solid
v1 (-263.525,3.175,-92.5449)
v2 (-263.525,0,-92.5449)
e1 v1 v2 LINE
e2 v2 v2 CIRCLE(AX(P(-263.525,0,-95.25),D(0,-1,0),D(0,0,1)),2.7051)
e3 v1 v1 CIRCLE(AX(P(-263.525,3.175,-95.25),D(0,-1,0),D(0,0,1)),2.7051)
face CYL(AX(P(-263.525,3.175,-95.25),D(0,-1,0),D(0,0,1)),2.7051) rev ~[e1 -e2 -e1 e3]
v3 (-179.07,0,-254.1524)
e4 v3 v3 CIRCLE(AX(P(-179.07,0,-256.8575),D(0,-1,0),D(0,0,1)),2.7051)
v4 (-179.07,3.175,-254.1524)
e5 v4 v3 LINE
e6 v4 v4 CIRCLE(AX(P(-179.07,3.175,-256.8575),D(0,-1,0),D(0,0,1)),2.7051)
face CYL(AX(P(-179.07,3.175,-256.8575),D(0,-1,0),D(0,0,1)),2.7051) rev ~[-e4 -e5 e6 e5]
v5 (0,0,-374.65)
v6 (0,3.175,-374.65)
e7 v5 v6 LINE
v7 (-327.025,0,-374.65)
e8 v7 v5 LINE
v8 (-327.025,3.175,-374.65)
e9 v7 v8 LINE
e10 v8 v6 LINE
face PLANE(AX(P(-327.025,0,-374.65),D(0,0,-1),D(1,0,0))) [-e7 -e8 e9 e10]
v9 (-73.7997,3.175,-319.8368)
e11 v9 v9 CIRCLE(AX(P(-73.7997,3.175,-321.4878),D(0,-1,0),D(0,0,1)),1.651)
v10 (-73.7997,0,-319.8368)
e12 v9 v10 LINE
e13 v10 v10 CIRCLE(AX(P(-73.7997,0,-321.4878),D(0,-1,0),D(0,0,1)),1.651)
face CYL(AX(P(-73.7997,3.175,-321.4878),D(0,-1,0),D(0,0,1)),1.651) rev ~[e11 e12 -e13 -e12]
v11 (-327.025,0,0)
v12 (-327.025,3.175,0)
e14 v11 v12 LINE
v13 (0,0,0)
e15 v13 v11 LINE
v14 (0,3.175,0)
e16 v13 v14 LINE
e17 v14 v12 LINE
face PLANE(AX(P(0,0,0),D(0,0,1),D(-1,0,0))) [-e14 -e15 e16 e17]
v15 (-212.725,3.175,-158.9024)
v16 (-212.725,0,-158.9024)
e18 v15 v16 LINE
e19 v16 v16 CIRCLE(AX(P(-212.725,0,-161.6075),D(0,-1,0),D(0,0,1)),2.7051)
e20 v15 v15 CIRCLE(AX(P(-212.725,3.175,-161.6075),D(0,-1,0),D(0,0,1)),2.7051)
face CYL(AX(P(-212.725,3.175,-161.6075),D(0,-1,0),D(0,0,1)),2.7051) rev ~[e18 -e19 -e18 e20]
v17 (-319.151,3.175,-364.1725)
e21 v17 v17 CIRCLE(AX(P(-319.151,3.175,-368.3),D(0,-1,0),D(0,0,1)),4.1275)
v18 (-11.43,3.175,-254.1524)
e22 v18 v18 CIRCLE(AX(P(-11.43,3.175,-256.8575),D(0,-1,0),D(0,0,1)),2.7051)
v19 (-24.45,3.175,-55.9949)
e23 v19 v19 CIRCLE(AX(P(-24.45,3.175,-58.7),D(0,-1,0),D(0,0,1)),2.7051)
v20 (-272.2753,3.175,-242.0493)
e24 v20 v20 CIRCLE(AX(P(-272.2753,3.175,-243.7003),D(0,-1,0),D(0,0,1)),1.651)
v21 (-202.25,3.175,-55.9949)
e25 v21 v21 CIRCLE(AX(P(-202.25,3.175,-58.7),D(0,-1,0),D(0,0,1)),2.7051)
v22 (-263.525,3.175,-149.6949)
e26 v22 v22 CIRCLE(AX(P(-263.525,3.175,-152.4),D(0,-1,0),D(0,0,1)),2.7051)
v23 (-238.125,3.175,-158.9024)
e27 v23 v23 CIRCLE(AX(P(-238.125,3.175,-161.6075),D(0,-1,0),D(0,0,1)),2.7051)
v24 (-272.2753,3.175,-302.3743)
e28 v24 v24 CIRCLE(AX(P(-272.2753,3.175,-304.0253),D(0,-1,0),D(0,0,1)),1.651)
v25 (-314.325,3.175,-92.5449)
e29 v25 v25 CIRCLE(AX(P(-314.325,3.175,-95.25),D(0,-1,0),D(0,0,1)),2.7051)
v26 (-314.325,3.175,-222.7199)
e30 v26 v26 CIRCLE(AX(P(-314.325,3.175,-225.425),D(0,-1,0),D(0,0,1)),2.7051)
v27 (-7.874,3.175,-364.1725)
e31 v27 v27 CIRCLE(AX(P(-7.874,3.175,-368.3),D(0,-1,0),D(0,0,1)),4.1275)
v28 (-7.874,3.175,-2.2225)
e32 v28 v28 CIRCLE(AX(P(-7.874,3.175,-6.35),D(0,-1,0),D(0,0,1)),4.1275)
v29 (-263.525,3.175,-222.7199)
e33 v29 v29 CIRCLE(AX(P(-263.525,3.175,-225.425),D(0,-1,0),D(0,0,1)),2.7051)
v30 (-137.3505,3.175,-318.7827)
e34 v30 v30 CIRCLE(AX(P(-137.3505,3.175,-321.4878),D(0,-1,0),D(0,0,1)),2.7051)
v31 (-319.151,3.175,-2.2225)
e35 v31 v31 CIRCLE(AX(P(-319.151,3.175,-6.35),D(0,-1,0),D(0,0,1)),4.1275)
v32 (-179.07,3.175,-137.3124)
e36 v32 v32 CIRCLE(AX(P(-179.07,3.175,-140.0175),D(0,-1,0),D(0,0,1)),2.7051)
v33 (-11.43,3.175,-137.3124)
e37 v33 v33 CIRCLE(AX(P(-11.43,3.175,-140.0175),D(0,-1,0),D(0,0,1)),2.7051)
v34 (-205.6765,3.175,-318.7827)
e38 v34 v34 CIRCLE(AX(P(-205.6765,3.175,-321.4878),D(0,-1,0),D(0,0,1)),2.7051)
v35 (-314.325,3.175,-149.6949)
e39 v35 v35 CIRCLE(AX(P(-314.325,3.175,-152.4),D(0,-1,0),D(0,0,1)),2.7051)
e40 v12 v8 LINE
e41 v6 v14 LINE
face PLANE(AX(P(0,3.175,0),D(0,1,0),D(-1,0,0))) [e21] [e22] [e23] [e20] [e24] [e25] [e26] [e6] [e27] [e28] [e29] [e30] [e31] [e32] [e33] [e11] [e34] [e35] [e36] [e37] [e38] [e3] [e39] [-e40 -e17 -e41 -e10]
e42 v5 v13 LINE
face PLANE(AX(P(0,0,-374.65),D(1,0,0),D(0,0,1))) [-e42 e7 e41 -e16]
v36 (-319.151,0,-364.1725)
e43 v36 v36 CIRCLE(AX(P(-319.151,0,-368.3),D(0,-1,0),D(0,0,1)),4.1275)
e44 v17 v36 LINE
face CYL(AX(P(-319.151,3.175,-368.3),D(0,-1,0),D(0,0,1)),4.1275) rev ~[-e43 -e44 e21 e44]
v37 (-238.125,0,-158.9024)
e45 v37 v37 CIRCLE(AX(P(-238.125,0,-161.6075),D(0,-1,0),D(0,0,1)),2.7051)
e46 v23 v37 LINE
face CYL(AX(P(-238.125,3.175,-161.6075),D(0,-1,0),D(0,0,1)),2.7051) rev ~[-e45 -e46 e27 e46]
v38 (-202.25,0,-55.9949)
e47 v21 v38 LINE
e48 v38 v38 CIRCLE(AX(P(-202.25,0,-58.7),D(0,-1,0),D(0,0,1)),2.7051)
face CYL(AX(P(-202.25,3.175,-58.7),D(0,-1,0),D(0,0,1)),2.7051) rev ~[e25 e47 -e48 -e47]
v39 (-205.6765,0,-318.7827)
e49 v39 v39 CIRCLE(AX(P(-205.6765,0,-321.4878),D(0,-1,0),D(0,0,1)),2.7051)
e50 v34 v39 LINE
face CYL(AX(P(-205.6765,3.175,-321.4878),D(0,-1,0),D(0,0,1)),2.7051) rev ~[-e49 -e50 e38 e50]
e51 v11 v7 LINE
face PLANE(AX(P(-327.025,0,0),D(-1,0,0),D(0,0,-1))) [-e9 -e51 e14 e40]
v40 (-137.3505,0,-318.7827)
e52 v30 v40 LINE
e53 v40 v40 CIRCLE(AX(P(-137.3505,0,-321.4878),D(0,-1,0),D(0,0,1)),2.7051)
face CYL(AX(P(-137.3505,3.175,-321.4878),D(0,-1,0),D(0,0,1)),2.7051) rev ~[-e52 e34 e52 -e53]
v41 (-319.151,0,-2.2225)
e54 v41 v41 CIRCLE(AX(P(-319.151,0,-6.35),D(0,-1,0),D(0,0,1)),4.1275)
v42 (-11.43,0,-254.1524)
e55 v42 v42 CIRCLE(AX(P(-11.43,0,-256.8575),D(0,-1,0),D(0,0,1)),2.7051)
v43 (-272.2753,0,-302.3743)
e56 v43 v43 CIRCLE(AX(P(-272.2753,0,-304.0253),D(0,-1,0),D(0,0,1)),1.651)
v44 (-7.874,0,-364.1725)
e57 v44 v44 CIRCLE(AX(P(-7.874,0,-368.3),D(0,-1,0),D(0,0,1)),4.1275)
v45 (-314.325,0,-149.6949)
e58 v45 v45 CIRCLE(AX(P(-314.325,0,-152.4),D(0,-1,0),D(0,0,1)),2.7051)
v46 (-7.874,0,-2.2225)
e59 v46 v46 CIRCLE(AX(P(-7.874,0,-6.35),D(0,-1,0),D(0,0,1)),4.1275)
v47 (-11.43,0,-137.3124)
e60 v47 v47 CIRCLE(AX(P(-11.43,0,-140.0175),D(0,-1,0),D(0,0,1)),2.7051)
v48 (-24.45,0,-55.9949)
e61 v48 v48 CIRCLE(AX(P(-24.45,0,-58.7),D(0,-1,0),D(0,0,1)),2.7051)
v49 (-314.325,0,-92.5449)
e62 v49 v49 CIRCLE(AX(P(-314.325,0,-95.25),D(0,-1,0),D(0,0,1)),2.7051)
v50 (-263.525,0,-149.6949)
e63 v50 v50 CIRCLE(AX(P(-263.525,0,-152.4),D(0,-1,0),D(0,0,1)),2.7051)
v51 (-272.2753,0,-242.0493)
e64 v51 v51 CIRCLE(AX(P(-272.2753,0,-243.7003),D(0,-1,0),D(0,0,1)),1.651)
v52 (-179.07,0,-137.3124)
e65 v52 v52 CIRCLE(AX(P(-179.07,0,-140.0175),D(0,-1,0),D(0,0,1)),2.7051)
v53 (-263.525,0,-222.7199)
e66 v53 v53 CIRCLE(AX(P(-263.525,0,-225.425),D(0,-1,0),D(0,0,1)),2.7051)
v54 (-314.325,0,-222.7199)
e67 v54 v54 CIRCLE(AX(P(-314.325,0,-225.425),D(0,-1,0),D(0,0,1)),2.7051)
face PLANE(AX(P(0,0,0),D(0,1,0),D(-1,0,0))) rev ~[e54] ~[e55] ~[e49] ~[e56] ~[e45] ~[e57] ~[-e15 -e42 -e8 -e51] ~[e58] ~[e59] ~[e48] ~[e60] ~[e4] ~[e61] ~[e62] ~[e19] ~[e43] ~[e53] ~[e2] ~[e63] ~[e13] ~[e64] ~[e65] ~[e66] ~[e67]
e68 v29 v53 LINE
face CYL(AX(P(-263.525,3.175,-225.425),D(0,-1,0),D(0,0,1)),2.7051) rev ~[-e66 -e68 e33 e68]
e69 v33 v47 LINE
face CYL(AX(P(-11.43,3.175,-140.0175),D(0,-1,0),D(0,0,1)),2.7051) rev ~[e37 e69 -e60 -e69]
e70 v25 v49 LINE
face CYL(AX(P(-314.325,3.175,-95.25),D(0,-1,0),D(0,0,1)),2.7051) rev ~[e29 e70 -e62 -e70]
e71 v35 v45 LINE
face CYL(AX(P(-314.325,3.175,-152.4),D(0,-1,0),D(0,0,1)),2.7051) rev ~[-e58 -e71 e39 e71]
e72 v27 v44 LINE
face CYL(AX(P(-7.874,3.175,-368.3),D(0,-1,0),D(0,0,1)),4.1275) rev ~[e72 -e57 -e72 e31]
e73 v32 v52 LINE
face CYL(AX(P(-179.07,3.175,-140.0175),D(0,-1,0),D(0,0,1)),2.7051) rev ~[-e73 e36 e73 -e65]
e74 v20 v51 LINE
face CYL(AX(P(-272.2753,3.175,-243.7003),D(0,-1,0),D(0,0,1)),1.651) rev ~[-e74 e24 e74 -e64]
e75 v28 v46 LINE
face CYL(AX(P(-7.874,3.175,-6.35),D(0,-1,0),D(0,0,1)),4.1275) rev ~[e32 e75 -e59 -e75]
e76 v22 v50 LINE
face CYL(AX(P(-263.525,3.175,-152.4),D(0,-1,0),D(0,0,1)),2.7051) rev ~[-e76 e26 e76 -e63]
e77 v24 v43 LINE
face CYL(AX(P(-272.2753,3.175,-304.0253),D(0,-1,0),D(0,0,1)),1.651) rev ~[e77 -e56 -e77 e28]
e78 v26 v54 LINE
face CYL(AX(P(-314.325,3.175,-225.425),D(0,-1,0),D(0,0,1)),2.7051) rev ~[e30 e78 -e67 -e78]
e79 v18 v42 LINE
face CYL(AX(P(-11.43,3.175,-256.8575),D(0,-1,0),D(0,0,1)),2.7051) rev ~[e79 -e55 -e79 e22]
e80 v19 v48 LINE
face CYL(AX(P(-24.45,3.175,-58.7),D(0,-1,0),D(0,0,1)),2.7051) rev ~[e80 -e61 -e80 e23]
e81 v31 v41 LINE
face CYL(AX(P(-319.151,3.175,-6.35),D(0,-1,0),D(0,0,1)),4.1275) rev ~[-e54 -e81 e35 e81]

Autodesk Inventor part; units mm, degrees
ref_plane "YZ Plane" through (0, 0, 0) normal (1, 0, 0) x (0, 1, 0)
ref_plane "XZ Plane" through (0, 0, 0) normal (0, 1, 0) x (-1, 0, 0)
ref_plane "XY Plane" through (0, 0, 0) normal (0, 0, 1) x (1, 0, 0)
sketch "Sketch1" plane through (0, 0, 0) normal (0, 1, 0) x (-1, 0, 0)
  line L0 (0, 0) -> (327.025, 0)
  line L1 (327.025, 0) -> (327.025, -374.65)
  line L2 (327.025, -374.65) -> (0, -374.65)
  line L3 (0, -374.65) -> (0, 0)
  dimension "d0" = 374.65
  dimension "d1" = 327.025
extrude "Extrusion1" add sketch "Sketch1" along normal blind 3.175
sketch "Sketch8" plane through (0, 3.175, 0) normal (0, 1, 0) x (1, 0, 0)
  circle A0 centre (-179.07, 140.0175) radius 1.75 projected
  circle A1 centre (-11.43, 140.0175) radius 1.75 projected
  line L0 (-184.15, 134.9375) -> (-6.35, 134.9375) projected
  line L1 (-6.35, 233.0375) -> (-184.15, 233.0375) projected
  line L2 (-184.15, 233.0375) -> (-184.15, 134.9375) projected
  line L3 (-6.35, 134.9375) -> (-6.35, 233.0375) projected
  point P0 (0, 0)
  point P1 (-179.07, 256.8575)
  point P2 (-11.43, 256.8575)
  point P3 (-11.43, 140.0175)
  point P4 (-179.07, 140.0175)
hole "Hole7" at (-179.07, 3.175, -256.8575) at (-11.43, 3.175, -256.8575) at (-11.43, 3.175, -140.0175) at (-179.07, 3.175, -140.0175) direction (0, -1, 0) diameter 5.4102 end through all
sketch "Sketch9" plane through (0, 3.175, 0) normal (0, 1, 0) x (1, 0, 0)
  circle A0 centre (-205.6765, 321.4878) radius 3.175 projected
  circle A1 centre (-137.3505, 321.4878) radius 3.175 projected
  point P0 (0, 0)
hole "Hole8" at (-205.6765, 3.175, -321.4878) at (-137.3505, 3.175, -321.4878) direction (0, -1, 0) diameter 5.4102 end through all
sketch "Sketch11" plane through (0, 3.175, 0) normal (0, 1, 0) x (1, 0, 0)
  line L0 (0, 374.65) -> (-327.025, 374.65) projected
  line L1 (0, 0) -> (0, 374.65) projected
  circle A0 centre (-205.6765, 321.4878) radius 2.7051 projected
  circle A1 centre (-137.3505, 321.4878) radius 2.7051 projected
  circle A2 centre (-11.43, 140.0175) radius 2.7051 projected
  circle A3 centre (-179.07, 256.8575) radius 2.7051 projected
  circle A4 centre (-11.43, 256.8575) radius 2.7051 projected
  circle A5 centre (-179.07, 140.0175) radius 2.7051 projected
  line L2 (-327.025, 0) -> (0, 0) projected
  line L3 (0, 0) -> (0, 374.65) projected
  line L4 (0, 374.65) -> (-327.025, 374.65) projected
  line L5 (-327.025, 374.65) -> (-327.025, 0) projected
  point P0 (-319.151, 6.35)
  point P1 (-7.874, 6.35)
  point P2 (-7.874, 368.3)
  point P3 (-319.151, 368.3)
  dimension "d85" = 6.35
  dimension "d86" = 6.35
  dimension "d87" = 7.874
  dimension "d88" = 7.874
  dimension "d89" = 6.35
  dimension "d90" = 7.874
  dimension "d91" = 7.874
  dimension "d92" = 6.35
hole "Hole10" at (-319.151, 3.175, -6.35) at (-7.874, 3.175, -6.35) at (-7.874, 3.175, -368.3) at (-319.151, 3.175, -368.3) direction (0, -1, 0) diameter 8.255 end through all
sketch "Sketch15" plane through (0, 3.175, 0) normal (0, 1, 0) x (1, 0, 0)
  arc A0 (-136.6, 61.3) -> (-136.6, 56.1) centre (-136.6, 58.7) ccw projected
  line L0 (-136.6, 61.3) -> (-116.8, 61.3) projected
  arc A1 (-116.8, 56.1) -> (-116.8, 61.3) centre (-116.8, 58.7) ccw projected
  line L1 (-116.8, 56.1) -> (-136.6, 56.1) projected
  arc A2 (-188.8, 56.1) -> (-188.8, 61.3) centre (-188.8, 58.7) ccw projected
  line L2 (-188.8, 56.1) -> (-208.6, 56.1) projected
  arc A3 (-208.6, 61.3) -> (-208.6, 56.1) centre (-208.6, 58.7) ccw projected
  line L3 (-208.6, 61.3) -> (-188.8, 61.3) projected
  arc A4 (-152.8, 56.1) -> (-152.8, 61.3) centre (-152.8, 58.7) ccw projected
  line L4 (-152.8, 56.1) -> (-172.6, 56.1) projected
  arc A5 (-172.6, 61.3) -> (-172.6, 56.1) centre (-172.6, 58.7) ccw projected
  line L5 (-172.6, 61.3) -> (-152.8, 61.3) projected
  line L6 (-112.7, 70.2) -> (-212.7, 70.2) projected
  line L7 (-212.7, 47.2) -> (-212.7, 70.2) projected
  line L8 (-212.7, 47.2) -> (-112.7, 47.2) projected
  line L9 (-112.7, 70.2) -> (-112.7, 47.2) projected
  arc A6 (-36.6, 61.3) -> (-36.6, 56.1) centre (-36.6, 58.7) ccw projected
  line L10 (-36.6, 61.3) -> (-16.8, 61.3) projected
  arc A7 (-16.8, 56.1) -> (-16.8, 61.3) centre (-16.8, 58.7) ccw projected
  line L11 (-16.8, 56.1) -> (-36.6, 56.1) projected
  arc A8 (-88.8, 56.1) -> (-88.8, 61.3) centre (-88.8, 58.7) ccw projected
  line L12 (-88.8, 56.1) -> (-108.6, 56.1) projected
  arc A9 (-108.6, 61.3) -> (-108.6, 56.1) centre (-108.6, 58.7) ccw projected
  line L13 (-108.6, 61.3) -> (-88.8, 61.3) projected
  arc A10 (-52.8, 56.1) -> (-52.8, 61.3) centre (-52.8, 58.7) ccw projected
  line L14 (-52.8, 56.1) -> (-72.6, 56.1) projected
  arc A11 (-72.6, 61.3) -> (-72.6, 56.1) centre (-72.6, 58.7) ccw projected
  line L15 (-72.6, 61.3) -> (-52.8, 61.3) projected
  line L16 (-12.7, 70.2) -> (-112.7, 70.2) projected
  line L17 (-112.7, 47.2) -> (-112.7, 70.2) projected
  line L18 (-112.7, 47.2) -> (-12.7, 47.2) projected
  line L19 (-12.7, 70.2) -> (-12.7, 47.2) projected
  point P0 (0, 0)
  point P1 (-202.25, 58.7)
  point P2 (-24.45, 58.7)
  dimension "d121" = 5.2
  dimension "d122" = 2.6
  dimension "d123" = 2.6
  dimension "d124" = 6.35
  dimension "d179" = 177.8
hole "Hole14" at (-202.25, 3.175, -58.7) at (-24.45, 3.175, -58.7) direction (0, -1, 0) diameter 5.4102 end through all
sketch "Sketch16" plane through (0, 3.175, 0) normal (0, 1, 0) x (1, 0, 0)
  circle A0 centre (-272.2753, 243.7003) radius 1.651 projected
  circle A1 centre (-272.2753, 304.0253) radius 1.651 projected
  circle A2 centre (-272.2753, 265.9253) radius 4.7625 projected
  circle A3 centre (-272.2753, 323.0753) radius 4.7625 projected
  line L0 (-259.5753, 332.6003) -> (-259.5753, 231.0003) projected
  line L1 (-284.9753, 332.6003) -> (-259.5753, 332.6003) projected
  line L2 (-284.9753, 332.6003) -> (-284.9753, 231.0003) projected
  line L3 (-259.5753, 231.0003) -> (-284.9753, 231.0003) projected
  circle A4 centre (-73.7997, 321.4878) radius 1.651 projected
  circle A5 centre (-132.7785, 321.4878) radius 1.5 projected
  circle A6 centre (-108.7785, 321.4878) radius 1.5 projected
  line L4 (-169.291, 308.7878) -> (-169.291, 334.1878) projected
  line L5 (-169.291, 308.7878) -> (-43.6372, 308.7878) projected
  line L6 (-169.291, 334.1878) -> (-43.6372, 334.1878) projected
  line L7 (-43.6372, 334.1878) -> (-43.6372, 308.7878) projected
  circle A7 centre (-54.7497, 321.4878) radius 4.7625 projected
  circle A8 centre (-158.1785, 321.4878) radius 6.35 projected
  circle A9 centre (-86.4997, 321.4878) radius 1.651 projected
  circle A10 centre (-272.2753, 291.3253) radius 1.651 projected
  point P0 (0, 0)
  point P1 (-272.2753, 243.7003)
hole "Hole15" at (-272.2753, 3.175, -243.7003) at (-272.2753, 3.175, -304.0253) at (-73.7997, 3.175, -321.4878) direction (0, -1, 0) diameter 3.302 end through all thread size "8-32 UNC" class "2B" standard "ANSI Unified Screw Threads"
sketch "Sketch19" plane through (0, 0, 0) normal (0, -1, 0) x (1, 0, 0)
  line L0 (-19.9439, -18.4262) -> (-50.6586, -18.4262) construction
  line L1 (-50.6586, -18.4262) -> (-50.6586, -14.7014) construction
  line L2 (-50.6586, -14.7014) -> (-19.9439, -14.7014) construction
  line L3 (-19.9439, -14.7014) -> (-19.9439, -18.4262) construction
  point P0 (0, 0)
sketch "Sketch20" plane through (0, 3.175, 0) normal (0, 1, 0) x (1, 0, 0)
  line L0 (-327.025, 374.65) -> (-327.025, 0) projected
  line L1 (-327.025, 0) -> (0, 0) projected
  point P0 (-314.325, 95.25)
  point P1 (-263.525, 95.25)
  point P2 (-263.525, 152.4)
  point P3 (-314.325, 152.4)
  point P4 (-314.325, 225.425)
  point P5 (-263.525, 225.425)
  dimension "d147" = 50.8
  dimension "d148" = 50.8
  dimension "d149" = 50.8
  dimension "d150" = 12.7
  dimension "d151" = 12.7
  dimension "d152" = 12.7
  dimension "d153" = 95.25
  dimension "d154" = 0
  dimension "d155" = 0
  dimension "d156" = 57.15
  dimension "d157" = 130.175
  dimension "d158" = 0
hole "Hole16" at (-314.325, 3.175, -95.25) at (-263.525, 3.175, -95.25) at (-263.525, 3.175, -152.4) at (-314.325, 3.175, -152.4) at (-314.325, 3.175, -225.425) at (-263.525, 3.175, -225.425) direction (0, -1, 0) diameter 5.4102 end through all
sketch "Sketch21" plane through (0, 3.175, 0) normal (0, 1, 0) x (1, 0, 0)
  circle A0 centre (-179.07, 256.8575) radius 2.7051 projected
  circle A1 centre (-263.525, 152.4) radius 2.7051 projected
  point P0 (0, 0)
  point P1 (-238.125, 161.6075)
  point P2 (-225.425, 161.6075)
  point P3 (-212.725, 161.6075)
  dimension "d166" = 95.25
  dimension "d167" = 0
  dimension "d168" = 0
  dimension "d169" = 38.1
  dimension "d170" = 12.7
  dimension "d171" = 12.7
hole "Hole17" at (-238.125, 3.175, -161.6075) at (-212.725, 3.175, -161.6075) direction (0, -1, 0) diameter 5.4102 end through all
equation "\"d122\" = 0.5 * d121"
equation "\"d123\" = d122"
equation "\"d148\" = d147"
equation "\"d149\" = d147"
equation "\"d151\" = d150"
properties part number "L17_TSI_008"
